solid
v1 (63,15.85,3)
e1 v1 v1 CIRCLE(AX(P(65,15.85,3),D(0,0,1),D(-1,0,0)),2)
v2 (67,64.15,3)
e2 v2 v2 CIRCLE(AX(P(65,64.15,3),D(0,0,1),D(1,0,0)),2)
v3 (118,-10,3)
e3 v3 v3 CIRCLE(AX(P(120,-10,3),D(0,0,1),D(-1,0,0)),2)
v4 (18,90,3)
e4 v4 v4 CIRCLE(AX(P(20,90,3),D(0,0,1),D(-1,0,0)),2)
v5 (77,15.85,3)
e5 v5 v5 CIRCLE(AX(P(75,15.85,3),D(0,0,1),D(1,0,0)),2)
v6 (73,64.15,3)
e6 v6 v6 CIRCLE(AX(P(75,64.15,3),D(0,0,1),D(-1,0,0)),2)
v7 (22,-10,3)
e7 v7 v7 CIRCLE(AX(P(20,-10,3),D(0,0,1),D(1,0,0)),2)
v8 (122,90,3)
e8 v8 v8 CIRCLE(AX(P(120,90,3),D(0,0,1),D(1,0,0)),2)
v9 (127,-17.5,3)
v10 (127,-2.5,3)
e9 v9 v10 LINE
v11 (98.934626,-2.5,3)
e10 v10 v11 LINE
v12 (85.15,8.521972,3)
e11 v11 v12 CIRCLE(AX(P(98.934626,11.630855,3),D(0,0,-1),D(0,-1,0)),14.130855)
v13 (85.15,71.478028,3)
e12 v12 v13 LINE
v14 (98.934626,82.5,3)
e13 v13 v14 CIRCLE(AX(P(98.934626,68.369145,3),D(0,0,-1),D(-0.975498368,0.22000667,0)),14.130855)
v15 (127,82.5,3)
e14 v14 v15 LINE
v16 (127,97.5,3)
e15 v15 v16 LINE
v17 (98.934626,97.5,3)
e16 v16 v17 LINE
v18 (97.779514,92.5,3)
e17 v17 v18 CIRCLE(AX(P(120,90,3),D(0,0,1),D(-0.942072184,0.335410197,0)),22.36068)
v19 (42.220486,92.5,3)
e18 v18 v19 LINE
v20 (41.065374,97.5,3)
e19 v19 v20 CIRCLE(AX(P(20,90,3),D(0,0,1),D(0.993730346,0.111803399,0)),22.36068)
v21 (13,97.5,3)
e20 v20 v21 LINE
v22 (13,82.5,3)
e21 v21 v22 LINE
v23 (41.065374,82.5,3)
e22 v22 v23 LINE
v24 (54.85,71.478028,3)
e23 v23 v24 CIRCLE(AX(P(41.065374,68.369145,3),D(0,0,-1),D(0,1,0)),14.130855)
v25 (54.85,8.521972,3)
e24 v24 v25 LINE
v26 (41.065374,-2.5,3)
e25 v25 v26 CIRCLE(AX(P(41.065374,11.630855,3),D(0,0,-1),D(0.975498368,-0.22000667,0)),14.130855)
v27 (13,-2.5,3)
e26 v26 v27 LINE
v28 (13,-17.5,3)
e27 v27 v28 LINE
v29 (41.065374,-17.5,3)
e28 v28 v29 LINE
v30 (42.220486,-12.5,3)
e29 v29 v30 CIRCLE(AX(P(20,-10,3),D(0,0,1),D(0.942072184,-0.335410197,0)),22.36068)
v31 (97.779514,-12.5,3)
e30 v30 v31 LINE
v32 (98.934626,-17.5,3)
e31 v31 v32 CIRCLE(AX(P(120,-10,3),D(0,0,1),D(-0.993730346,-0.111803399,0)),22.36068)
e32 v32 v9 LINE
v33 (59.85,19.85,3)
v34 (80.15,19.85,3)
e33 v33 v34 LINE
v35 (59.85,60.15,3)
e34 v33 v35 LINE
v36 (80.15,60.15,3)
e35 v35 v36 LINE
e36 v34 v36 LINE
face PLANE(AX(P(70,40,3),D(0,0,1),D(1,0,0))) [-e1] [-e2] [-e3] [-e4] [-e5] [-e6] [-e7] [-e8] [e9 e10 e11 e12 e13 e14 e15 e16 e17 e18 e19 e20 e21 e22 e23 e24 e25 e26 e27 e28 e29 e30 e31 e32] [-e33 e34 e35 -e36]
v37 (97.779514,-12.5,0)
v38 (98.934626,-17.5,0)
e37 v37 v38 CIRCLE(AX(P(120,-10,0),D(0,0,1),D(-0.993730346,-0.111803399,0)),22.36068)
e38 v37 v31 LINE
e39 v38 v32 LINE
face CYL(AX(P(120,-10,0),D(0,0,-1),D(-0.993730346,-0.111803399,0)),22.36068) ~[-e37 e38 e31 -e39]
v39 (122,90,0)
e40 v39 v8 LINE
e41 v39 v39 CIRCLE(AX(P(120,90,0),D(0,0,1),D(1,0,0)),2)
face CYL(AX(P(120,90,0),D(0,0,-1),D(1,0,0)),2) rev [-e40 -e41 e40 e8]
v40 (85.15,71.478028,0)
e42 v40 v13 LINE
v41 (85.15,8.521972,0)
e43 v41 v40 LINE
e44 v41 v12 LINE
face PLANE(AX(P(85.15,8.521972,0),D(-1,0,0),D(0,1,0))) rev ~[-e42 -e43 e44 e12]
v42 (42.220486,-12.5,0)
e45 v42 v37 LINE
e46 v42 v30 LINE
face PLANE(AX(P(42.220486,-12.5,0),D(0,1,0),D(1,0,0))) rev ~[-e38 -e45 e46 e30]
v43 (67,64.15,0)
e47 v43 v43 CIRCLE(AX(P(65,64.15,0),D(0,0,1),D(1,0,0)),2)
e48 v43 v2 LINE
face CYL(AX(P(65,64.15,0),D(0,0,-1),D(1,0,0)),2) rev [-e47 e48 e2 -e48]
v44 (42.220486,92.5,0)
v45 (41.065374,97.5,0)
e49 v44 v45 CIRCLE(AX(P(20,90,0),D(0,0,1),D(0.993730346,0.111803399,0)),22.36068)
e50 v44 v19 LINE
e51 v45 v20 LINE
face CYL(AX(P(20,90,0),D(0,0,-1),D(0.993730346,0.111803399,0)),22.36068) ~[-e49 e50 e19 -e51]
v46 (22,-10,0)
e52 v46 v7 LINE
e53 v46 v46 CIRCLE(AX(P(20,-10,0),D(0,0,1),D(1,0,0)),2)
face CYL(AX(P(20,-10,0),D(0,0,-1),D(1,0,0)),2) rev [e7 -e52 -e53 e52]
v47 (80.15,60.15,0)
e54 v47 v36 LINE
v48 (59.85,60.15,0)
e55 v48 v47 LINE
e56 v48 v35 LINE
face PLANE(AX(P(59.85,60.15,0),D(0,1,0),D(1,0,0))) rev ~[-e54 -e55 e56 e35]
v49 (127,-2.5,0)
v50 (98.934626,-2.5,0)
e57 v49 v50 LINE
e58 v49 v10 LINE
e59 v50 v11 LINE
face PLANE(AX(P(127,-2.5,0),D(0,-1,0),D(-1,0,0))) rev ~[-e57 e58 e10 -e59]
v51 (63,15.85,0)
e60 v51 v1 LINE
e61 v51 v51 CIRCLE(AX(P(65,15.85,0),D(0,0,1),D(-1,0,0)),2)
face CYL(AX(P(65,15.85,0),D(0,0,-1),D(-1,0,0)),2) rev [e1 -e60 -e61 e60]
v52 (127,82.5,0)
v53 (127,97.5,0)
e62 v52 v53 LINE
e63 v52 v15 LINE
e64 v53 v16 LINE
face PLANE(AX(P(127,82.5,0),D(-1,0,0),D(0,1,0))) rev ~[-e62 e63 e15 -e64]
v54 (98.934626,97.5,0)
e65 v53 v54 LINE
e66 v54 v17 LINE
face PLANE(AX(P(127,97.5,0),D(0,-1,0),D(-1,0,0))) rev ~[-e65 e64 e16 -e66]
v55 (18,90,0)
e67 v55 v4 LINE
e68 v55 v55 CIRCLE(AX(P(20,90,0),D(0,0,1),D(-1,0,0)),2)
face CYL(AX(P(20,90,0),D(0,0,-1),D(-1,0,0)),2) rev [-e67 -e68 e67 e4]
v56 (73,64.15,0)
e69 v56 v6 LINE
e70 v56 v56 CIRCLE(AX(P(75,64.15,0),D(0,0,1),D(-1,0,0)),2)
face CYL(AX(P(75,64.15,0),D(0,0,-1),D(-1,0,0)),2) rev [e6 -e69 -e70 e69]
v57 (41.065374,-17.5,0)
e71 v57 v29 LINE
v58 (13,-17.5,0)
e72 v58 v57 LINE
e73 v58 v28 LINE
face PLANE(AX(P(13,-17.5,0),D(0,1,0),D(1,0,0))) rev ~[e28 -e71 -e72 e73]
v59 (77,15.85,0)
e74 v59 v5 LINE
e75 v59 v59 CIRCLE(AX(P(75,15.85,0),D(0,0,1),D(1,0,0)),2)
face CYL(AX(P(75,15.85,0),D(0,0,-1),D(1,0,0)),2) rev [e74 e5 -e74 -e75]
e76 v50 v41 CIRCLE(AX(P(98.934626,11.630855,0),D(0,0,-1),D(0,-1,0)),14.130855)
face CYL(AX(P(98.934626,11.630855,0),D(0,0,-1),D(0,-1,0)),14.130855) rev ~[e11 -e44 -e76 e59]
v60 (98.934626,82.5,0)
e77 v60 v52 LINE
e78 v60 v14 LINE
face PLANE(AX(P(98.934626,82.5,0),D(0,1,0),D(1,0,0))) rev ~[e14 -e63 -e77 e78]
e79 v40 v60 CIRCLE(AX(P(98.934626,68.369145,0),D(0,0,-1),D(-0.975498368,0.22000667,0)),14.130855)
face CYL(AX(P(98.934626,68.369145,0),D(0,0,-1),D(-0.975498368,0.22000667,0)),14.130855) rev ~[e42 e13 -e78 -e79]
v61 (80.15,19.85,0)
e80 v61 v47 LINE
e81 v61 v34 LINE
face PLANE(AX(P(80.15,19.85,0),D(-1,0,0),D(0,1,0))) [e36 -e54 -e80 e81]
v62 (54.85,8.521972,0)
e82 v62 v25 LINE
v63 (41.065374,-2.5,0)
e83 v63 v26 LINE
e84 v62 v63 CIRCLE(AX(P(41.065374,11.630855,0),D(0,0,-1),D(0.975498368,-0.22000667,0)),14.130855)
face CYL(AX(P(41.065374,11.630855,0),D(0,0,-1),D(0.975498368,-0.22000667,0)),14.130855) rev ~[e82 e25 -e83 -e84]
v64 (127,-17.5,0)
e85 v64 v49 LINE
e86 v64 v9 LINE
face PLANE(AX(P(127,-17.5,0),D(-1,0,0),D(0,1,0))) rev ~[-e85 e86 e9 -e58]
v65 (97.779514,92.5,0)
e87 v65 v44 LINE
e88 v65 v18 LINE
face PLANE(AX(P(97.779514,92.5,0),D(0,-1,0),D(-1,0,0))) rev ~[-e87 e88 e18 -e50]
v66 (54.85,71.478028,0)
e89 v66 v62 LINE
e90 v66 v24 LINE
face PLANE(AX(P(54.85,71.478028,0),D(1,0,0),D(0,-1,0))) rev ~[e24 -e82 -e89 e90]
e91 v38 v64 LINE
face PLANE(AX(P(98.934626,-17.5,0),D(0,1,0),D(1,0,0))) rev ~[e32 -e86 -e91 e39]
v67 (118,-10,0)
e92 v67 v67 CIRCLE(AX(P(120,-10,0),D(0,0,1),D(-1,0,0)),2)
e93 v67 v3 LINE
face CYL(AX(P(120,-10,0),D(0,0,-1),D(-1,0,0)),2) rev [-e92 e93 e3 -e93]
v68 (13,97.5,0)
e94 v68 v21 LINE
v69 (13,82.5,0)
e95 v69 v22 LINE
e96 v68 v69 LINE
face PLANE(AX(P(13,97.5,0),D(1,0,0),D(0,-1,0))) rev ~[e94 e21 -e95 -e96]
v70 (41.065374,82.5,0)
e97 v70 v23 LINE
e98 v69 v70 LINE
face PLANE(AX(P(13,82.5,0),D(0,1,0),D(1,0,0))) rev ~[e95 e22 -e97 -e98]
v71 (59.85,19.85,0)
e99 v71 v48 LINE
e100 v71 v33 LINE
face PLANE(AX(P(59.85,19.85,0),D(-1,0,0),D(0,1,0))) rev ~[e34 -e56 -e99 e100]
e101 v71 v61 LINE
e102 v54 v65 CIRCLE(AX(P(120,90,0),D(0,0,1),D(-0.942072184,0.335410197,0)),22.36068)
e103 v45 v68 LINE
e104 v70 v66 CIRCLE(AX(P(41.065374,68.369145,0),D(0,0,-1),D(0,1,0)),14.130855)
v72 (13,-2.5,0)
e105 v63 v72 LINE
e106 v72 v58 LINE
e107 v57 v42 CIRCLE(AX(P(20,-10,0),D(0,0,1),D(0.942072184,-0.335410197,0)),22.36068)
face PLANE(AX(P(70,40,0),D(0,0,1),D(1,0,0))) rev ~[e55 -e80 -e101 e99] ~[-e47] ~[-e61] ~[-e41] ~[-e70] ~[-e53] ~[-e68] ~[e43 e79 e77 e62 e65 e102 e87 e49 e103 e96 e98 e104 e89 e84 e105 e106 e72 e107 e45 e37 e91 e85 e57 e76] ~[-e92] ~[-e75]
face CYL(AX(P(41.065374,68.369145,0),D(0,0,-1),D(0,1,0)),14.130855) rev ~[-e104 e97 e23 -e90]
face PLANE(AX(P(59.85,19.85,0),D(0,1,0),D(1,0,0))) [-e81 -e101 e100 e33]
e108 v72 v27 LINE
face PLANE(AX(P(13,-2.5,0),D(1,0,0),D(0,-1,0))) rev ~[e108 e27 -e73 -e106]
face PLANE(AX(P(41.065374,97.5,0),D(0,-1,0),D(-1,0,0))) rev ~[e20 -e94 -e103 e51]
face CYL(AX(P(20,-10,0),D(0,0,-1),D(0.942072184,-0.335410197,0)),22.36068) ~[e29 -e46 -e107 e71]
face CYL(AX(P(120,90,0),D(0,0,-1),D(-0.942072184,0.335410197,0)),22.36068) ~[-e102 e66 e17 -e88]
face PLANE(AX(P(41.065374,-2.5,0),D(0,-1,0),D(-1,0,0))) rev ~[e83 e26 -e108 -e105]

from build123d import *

# Parameters (mm, degrees)
CROQUIS2_R              = 2
CROQUIS2_W              = 20.3
CROQUIS2_H              = 40.3
SALIENTE_EXTRUIR2_DEPTH = 3


with BuildPart() as part:
    # Croquis2 → Saliente-Extruir2 (new body)
    with BuildSketch(Plane.XY):
        with BuildLine():
            Line((54.85, 71.478027684), (54.85, 8.521972316))
            ThreePointArc((54.85, 8.521972316), (49.890052554, 0.594274169), (41.065374433, -2.5))
            Line((41.065374433, -2.5), (13, -2.5))
            Line((13, -2.5), (13, -17.5))
            Line((13, -17.5), (41.065374433, -17.5))
            ThreePointArc((41.065374433, -17.5), (41.786840737, -15.033246538), (42.220486043, -12.5))
            Line((42.220486043, -12.5), (67.5, -12.5))
            Line((67.5, -12.5), (72.5, -12.5))
            Line((72.5, -12.5), (97.779513957, -12.5))
            ThreePointArc((97.779513957, -12.5), (98.213159263, -15.033246538), (98.934625567, -17.5))
            Line((98.934625567, -17.5), (127, -17.5))
            Line((127, -17.5), (127, -2.5))
            Line((127, -2.5), (98.934625567, -2.5))
            ThreePointArc((98.934625567, -2.5), (90.109947446, 0.594274169), (85.15, 8.521972316))
            Line((85.15, 8.521972316), (85.15, 71.478027684))
            ThreePointArc((85.15, 71.478027684), (90.109947446, 79.405725831), (98.934625567, 82.5))
            Line((98.934625567, 82.5), (127, 82.5))
            Line((127, 82.5), (127, 97.5))
            Line((127, 97.5), (98.934625567, 97.5))
            ThreePointArc((98.934625567, 97.5), (98.213159263, 95.033246538), (97.779513957, 92.5))
            Line((97.779513957, 92.5), (72.5, 92.5))
            Line((72.5, 92.5), (67.5, 92.5))
            Line((67.5, 92.5), (42.220486043, 92.5))
            ThreePointArc((42.220486043, 92.5), (41.786840737, 95.033246538), (41.065374433, 97.5))
            Line((41.065374433, 97.5), (13, 97.5))
            Line((13, 97.5), (13, 82.5))
            Line((13, 82.5), (41.065374433, 82.5))
            ThreePointArc((41.065374433, 82.5), (49.890052554, 79.405725831), (54.85, 71.478027684))
        make_face()
        with Locations((65, 64.15)):
            Circle(CROQUIS2_R, mode=Mode.SUBTRACT)
        with Locations(Location((75, 64.15, 0), (0, 0, 180))):
            Circle(CROQUIS2_R, mode=Mode.SUBTRACT)
        with Locations((75, 15.85)):
            Circle(CROQUIS2_R, mode=Mode.SUBTRACT)
        with Locations(Location((65, 15.85, 0), (0, 0, 180))):
            Circle(CROQUIS2_R, mode=Mode.SUBTRACT)
        with Locations((20, -10)):
            Circle(CROQUIS2_R, mode=Mode.SUBTRACT)
        with Locations(Location((120, -10, 0), (0, 0, 180))):
            Circle(CROQUIS2_R, mode=Mode.SUBTRACT)
        with Locations((120, 90)):
            Circle(CROQUIS2_R, mode=Mode.SUBTRACT)
        with Locations(Location((20, 90, 0), (0, 0, 180))):
            Circle(CROQUIS2_R, mode=Mode.SUBTRACT)
        with Locations((70, 40)):
            Rectangle(CROQUIS2_W, CROQUIS2_H, mode=Mode.SUBTRACT)
    extrude(amount=SALIENTE_EXTRUIR2_DEPTH)


solid = part.part
